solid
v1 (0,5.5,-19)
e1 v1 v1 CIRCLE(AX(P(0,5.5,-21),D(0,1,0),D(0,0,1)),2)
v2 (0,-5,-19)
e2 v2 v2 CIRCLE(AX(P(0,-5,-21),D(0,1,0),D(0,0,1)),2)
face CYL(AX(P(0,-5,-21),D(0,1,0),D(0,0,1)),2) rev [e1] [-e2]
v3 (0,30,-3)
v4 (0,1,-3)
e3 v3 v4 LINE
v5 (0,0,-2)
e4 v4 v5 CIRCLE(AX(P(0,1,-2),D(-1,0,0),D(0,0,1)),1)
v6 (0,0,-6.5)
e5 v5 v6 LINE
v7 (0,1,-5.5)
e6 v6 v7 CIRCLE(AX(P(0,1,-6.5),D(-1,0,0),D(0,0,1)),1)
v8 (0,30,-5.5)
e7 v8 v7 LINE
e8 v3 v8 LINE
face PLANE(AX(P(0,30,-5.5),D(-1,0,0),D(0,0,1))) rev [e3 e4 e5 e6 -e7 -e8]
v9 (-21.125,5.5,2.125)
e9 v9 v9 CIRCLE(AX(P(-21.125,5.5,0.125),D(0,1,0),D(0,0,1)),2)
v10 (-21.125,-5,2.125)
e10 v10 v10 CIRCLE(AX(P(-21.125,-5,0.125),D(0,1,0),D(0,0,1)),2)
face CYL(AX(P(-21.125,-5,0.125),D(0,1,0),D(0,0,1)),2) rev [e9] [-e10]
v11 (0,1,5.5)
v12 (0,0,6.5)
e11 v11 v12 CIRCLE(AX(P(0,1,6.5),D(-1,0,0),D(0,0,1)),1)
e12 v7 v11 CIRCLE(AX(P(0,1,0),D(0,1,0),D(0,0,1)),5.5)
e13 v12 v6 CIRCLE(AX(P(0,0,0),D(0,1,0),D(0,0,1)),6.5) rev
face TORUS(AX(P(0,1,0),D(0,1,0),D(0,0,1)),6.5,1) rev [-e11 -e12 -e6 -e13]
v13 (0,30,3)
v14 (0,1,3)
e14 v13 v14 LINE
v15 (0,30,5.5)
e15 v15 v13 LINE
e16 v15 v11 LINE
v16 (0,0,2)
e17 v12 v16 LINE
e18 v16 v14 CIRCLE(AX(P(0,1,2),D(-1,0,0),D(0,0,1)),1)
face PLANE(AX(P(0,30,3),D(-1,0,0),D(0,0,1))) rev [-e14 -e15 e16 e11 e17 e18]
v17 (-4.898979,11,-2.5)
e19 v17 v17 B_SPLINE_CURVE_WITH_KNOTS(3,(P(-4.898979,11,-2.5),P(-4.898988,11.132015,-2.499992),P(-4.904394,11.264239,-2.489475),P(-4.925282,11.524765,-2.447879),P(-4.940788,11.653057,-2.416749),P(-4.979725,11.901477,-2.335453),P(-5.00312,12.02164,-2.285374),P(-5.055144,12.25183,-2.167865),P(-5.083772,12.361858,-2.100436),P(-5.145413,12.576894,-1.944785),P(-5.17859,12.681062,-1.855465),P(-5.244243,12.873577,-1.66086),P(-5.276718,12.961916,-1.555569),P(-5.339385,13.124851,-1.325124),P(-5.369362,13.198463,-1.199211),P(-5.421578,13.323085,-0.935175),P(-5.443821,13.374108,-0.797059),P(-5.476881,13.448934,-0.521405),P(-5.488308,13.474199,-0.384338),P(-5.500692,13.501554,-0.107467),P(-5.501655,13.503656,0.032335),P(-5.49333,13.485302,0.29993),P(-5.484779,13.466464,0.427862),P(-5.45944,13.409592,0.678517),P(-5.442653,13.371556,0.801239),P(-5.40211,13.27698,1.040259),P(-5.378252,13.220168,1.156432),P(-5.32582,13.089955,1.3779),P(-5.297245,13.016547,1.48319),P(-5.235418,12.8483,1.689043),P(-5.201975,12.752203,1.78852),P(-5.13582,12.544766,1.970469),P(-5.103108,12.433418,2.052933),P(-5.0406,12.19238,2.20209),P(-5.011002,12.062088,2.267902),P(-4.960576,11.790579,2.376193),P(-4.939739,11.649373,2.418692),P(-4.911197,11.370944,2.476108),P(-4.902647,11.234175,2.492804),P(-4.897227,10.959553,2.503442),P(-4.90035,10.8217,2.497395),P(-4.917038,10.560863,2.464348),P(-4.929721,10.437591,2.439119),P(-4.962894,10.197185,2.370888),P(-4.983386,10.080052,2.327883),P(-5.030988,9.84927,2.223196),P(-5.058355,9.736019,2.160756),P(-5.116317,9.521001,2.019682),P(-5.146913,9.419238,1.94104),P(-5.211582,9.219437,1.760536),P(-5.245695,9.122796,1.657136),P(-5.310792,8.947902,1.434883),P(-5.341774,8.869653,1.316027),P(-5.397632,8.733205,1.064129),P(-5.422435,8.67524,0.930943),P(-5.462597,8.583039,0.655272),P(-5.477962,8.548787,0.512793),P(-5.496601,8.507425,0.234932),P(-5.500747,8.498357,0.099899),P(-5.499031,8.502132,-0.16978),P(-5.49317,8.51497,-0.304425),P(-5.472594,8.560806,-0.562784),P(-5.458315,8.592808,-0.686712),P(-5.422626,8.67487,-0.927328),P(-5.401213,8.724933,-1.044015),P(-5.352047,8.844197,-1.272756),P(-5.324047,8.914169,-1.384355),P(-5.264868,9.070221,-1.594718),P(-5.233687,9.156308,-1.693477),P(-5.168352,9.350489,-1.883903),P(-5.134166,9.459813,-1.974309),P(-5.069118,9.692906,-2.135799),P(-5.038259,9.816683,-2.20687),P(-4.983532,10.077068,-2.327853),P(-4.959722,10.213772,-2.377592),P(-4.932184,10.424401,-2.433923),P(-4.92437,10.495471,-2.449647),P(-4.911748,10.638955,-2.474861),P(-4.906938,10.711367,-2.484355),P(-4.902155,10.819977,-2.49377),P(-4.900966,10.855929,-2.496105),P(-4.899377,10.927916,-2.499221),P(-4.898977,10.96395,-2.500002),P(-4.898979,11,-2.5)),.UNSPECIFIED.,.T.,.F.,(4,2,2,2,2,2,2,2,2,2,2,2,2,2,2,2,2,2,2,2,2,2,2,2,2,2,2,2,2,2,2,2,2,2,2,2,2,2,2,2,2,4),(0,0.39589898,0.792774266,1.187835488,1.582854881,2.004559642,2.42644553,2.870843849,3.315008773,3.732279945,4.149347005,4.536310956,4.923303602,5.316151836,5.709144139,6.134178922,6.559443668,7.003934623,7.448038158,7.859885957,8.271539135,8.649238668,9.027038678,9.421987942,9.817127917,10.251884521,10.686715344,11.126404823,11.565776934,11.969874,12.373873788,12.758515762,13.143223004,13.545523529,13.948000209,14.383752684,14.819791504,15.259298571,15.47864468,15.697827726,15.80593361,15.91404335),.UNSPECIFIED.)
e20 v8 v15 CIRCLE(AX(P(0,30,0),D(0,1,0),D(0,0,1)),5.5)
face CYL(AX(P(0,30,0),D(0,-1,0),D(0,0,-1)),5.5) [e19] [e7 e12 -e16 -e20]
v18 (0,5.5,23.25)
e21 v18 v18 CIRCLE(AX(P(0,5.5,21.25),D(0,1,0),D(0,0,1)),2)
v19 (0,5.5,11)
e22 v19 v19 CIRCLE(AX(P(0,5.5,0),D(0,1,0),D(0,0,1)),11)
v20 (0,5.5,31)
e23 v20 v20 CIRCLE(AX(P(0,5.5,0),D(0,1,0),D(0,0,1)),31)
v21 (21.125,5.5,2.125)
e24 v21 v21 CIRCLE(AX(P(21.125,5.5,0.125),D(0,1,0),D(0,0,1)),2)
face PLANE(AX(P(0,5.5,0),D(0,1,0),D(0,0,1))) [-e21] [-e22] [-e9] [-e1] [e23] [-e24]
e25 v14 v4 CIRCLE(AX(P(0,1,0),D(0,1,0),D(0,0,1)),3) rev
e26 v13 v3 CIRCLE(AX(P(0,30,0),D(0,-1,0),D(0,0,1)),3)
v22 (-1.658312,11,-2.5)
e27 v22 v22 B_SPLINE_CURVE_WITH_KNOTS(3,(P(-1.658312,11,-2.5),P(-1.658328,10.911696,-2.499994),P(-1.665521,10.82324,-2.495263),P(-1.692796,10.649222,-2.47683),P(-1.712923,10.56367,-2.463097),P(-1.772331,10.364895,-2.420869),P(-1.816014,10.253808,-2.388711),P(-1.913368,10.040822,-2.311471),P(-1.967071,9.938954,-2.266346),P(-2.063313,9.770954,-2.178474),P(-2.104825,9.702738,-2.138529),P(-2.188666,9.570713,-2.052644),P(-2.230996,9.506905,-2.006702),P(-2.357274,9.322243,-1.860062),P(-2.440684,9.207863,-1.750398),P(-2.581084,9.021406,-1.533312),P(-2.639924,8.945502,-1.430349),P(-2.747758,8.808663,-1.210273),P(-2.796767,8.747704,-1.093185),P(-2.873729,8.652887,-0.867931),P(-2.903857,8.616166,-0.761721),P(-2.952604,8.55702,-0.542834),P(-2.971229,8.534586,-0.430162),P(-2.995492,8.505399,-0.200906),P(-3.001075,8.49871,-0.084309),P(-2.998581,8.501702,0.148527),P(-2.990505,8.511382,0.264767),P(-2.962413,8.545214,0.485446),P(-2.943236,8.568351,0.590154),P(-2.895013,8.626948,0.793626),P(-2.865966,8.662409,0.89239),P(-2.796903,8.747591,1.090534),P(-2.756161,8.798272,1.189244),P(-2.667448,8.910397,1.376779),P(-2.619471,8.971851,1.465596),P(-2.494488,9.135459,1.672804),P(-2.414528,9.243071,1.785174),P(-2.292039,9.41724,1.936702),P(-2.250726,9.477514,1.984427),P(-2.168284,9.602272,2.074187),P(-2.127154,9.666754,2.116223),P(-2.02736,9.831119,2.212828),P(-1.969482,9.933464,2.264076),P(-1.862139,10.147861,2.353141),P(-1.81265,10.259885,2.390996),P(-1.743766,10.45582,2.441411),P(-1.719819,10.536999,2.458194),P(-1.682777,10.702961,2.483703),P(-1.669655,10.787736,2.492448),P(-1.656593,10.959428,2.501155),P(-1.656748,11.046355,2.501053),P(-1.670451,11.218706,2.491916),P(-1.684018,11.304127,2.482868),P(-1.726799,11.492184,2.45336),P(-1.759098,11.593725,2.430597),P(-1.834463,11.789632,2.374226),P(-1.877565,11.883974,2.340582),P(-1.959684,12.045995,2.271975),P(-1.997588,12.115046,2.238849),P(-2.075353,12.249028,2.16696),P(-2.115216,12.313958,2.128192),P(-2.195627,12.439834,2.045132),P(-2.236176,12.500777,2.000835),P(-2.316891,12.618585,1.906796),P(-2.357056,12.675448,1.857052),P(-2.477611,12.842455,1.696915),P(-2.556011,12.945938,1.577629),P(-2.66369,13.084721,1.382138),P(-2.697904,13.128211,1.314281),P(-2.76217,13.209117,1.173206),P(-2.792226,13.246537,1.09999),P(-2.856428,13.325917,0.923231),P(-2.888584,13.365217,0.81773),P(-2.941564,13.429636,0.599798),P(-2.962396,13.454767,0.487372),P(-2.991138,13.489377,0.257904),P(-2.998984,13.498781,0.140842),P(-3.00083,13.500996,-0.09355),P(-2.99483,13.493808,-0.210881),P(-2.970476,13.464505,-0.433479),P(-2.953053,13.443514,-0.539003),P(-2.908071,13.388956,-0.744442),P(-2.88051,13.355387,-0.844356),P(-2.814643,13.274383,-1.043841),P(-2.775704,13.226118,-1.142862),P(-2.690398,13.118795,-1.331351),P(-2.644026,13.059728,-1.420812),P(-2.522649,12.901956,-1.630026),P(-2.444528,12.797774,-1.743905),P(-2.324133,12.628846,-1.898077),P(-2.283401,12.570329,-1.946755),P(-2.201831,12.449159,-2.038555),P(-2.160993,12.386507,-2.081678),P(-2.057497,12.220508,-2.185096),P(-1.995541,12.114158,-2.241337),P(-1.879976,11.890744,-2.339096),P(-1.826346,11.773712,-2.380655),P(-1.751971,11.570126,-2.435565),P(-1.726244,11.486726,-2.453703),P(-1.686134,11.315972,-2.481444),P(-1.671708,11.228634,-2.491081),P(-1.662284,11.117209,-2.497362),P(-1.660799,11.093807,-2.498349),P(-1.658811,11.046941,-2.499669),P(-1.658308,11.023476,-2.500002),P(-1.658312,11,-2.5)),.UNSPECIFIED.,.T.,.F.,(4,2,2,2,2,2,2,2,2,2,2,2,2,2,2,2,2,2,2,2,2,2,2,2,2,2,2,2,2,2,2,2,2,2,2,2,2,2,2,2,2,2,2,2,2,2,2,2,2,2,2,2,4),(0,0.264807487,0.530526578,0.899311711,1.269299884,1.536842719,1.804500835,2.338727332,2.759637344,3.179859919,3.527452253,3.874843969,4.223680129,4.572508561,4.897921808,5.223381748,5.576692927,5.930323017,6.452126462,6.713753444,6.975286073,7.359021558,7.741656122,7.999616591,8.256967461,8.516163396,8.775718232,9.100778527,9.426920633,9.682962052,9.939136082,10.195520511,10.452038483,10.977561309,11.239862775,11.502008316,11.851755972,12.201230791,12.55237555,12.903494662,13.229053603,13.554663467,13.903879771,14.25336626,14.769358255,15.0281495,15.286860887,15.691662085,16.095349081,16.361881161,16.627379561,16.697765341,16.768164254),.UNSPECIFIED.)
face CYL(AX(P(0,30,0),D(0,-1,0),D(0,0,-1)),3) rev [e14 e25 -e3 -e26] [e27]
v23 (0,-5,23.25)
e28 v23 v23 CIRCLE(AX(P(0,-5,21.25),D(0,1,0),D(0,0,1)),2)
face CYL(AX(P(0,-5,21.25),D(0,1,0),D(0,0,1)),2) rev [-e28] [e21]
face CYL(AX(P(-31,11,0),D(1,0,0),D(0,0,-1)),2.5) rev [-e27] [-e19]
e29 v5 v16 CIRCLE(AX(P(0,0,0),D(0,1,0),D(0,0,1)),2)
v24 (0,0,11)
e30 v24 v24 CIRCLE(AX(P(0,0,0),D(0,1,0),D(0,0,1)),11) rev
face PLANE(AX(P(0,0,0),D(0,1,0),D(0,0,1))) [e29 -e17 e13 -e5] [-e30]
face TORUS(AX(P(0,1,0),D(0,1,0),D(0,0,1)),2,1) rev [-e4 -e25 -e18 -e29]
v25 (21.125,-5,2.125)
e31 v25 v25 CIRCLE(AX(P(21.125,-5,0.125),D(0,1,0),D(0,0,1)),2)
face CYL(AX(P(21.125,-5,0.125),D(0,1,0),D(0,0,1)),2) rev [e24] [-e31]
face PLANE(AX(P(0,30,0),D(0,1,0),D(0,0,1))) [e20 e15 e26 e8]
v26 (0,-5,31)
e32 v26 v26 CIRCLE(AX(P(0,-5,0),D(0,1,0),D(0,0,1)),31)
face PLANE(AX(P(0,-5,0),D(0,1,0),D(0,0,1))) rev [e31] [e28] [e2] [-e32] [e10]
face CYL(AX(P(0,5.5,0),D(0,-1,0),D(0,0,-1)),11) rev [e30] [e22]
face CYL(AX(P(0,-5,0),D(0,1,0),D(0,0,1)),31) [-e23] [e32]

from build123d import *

# Parameters (mm, degrees)
BOSS_EXTRUDE2_DEPTH     = 30
SKETCH2_R               = 31
BOSS_EXTRUDE3_DEPTH     = 5
FILLET1_R               = 1
BOSS_EXTRUDE4_START     = 5.5
SKETCH3_R               = 31
SKETCH3_R_2             = 11
BOSS_EXTRUDE4_DEPTH     = 5.5
CUT_EXTRUDE1_DEPTH      = 51.222007128
CUT_EXTRUDE1_DEPTH_BACK = 51.222007128
SKETCH4_R               = 2
CUT_EXTRUDE2_DEPTH      = 54.122499941
CUT_EXTRUDE2_DEPTH_BACK = 54.122499941
SKETCH6_R               = 2.5
FILLET2_R               = 1


with BuildPart() as part:
    # Sketch1 → Boss-Extrude2 (new body)
    with BuildSketch(Plane(origin=(0, 0, 0), x_dir=(1, 0, 0), z_dir=(0, 1, 0))):
        with BuildLine():
            Line((0, 5.5), (0, 3))
            ThreePointArc((0, 3), (-3, 0), (0, -3))
            Line((0, -3), (0, -5.5))
            ThreePointArc((0, -5.5), (-5.5, 0), (0, 5.5))
        make_face()
    extrude(amount=BOSS_EXTRUDE2_DEPTH)

    # Sketch2 → Boss-Extrude3 (add)
    with BuildSketch(Plane(origin=(0, 0, 0), x_dir=(1, 0, 0), z_dir=(0, 1, 0))):
        with Locations(Location((0, 0, 0), (0, 0, 270))):
            Circle(SKETCH2_R)
    extrude(amount=-BOSS_EXTRUDE3_DEPTH)

    # Fillet1
    fillet1_edges = [part.edges().sort_by_distance(p)[0] for p in [
        (-5.5, 0, 0),
    ]]
    fillet(fillet1_edges, radius=FILLET1_R)

    # Sketch3 → Boss-Extrude4 (add)
    with BuildSketch(Plane(origin=(0, 0, 0), x_dir=(1, 0, 0), z_dir=(0, 1, 0)).offset(BOSS_EXTRUDE4_START)):
        with Locations(Location((0, 0, 0), (0, 0, 270))):
            Circle(SKETCH3_R)
        with Locations(Location((0, 0, 0), (0, 0, 270))):
            Circle(SKETCH3_R_2, mode=Mode.SUBTRACT)
    extrude(amount=-BOSS_EXTRUDE4_DEPTH)

    # Sketch4 → Cut-Extrude1 (cut, two sides: drawn at the far end of the back side and taken through both)
    with BuildSketch(Plane(origin=(0, 5.5, 0), x_dir=(1, 0, 0), z_dir=(0, 1, 0)).offset(-CUT_EXTRUDE1_DEPTH_BACK)):
        with Locations(Location((0, 21, 0), (0, 0, 270))):
            Circle(SKETCH4_R)
        with Locations(Location((21.125, -0.125, 0), (0, 0, 270))):
            Circle(SKETCH4_R)
        with Locations(Location((0, -21.25, 0), (0, 0, 270))):
            Circle(SKETCH4_R)
        with Locations(Location((-21.125, -0.125, 0), (0, 0, 270))):
            Circle(SKETCH4_R)
    extrude(amount=CUT_EXTRUDE1_DEPTH + CUT_EXTRUDE1_DEPTH_BACK, mode=Mode.SUBTRACT)

    # Sketch6 → Cut-Extrude2 (cut, two sides: drawn at the far end of the back side and taken through both)
    with BuildSketch(Plane(origin=(0, 0, 0), x_dir=(0, 0, -1), z_dir=(1, 0, 0)).offset(-CUT_EXTRUDE2_DEPTH_BACK)):
        with Locations((0, 11)):
            Circle(SKETCH6_R)
    extrude(amount=CUT_EXTRUDE2_DEPTH + CUT_EXTRUDE2_DEPTH_BACK, mode=Mode.SUBTRACT)

    # Fillet2
    fillet2_edges = [part.edges().sort_by_distance(p)[0] for p in [
        (-3, 0, 0),
    ]]
    fillet(fillet2_edges, radius=FILLET2_R)


solid = part.part
